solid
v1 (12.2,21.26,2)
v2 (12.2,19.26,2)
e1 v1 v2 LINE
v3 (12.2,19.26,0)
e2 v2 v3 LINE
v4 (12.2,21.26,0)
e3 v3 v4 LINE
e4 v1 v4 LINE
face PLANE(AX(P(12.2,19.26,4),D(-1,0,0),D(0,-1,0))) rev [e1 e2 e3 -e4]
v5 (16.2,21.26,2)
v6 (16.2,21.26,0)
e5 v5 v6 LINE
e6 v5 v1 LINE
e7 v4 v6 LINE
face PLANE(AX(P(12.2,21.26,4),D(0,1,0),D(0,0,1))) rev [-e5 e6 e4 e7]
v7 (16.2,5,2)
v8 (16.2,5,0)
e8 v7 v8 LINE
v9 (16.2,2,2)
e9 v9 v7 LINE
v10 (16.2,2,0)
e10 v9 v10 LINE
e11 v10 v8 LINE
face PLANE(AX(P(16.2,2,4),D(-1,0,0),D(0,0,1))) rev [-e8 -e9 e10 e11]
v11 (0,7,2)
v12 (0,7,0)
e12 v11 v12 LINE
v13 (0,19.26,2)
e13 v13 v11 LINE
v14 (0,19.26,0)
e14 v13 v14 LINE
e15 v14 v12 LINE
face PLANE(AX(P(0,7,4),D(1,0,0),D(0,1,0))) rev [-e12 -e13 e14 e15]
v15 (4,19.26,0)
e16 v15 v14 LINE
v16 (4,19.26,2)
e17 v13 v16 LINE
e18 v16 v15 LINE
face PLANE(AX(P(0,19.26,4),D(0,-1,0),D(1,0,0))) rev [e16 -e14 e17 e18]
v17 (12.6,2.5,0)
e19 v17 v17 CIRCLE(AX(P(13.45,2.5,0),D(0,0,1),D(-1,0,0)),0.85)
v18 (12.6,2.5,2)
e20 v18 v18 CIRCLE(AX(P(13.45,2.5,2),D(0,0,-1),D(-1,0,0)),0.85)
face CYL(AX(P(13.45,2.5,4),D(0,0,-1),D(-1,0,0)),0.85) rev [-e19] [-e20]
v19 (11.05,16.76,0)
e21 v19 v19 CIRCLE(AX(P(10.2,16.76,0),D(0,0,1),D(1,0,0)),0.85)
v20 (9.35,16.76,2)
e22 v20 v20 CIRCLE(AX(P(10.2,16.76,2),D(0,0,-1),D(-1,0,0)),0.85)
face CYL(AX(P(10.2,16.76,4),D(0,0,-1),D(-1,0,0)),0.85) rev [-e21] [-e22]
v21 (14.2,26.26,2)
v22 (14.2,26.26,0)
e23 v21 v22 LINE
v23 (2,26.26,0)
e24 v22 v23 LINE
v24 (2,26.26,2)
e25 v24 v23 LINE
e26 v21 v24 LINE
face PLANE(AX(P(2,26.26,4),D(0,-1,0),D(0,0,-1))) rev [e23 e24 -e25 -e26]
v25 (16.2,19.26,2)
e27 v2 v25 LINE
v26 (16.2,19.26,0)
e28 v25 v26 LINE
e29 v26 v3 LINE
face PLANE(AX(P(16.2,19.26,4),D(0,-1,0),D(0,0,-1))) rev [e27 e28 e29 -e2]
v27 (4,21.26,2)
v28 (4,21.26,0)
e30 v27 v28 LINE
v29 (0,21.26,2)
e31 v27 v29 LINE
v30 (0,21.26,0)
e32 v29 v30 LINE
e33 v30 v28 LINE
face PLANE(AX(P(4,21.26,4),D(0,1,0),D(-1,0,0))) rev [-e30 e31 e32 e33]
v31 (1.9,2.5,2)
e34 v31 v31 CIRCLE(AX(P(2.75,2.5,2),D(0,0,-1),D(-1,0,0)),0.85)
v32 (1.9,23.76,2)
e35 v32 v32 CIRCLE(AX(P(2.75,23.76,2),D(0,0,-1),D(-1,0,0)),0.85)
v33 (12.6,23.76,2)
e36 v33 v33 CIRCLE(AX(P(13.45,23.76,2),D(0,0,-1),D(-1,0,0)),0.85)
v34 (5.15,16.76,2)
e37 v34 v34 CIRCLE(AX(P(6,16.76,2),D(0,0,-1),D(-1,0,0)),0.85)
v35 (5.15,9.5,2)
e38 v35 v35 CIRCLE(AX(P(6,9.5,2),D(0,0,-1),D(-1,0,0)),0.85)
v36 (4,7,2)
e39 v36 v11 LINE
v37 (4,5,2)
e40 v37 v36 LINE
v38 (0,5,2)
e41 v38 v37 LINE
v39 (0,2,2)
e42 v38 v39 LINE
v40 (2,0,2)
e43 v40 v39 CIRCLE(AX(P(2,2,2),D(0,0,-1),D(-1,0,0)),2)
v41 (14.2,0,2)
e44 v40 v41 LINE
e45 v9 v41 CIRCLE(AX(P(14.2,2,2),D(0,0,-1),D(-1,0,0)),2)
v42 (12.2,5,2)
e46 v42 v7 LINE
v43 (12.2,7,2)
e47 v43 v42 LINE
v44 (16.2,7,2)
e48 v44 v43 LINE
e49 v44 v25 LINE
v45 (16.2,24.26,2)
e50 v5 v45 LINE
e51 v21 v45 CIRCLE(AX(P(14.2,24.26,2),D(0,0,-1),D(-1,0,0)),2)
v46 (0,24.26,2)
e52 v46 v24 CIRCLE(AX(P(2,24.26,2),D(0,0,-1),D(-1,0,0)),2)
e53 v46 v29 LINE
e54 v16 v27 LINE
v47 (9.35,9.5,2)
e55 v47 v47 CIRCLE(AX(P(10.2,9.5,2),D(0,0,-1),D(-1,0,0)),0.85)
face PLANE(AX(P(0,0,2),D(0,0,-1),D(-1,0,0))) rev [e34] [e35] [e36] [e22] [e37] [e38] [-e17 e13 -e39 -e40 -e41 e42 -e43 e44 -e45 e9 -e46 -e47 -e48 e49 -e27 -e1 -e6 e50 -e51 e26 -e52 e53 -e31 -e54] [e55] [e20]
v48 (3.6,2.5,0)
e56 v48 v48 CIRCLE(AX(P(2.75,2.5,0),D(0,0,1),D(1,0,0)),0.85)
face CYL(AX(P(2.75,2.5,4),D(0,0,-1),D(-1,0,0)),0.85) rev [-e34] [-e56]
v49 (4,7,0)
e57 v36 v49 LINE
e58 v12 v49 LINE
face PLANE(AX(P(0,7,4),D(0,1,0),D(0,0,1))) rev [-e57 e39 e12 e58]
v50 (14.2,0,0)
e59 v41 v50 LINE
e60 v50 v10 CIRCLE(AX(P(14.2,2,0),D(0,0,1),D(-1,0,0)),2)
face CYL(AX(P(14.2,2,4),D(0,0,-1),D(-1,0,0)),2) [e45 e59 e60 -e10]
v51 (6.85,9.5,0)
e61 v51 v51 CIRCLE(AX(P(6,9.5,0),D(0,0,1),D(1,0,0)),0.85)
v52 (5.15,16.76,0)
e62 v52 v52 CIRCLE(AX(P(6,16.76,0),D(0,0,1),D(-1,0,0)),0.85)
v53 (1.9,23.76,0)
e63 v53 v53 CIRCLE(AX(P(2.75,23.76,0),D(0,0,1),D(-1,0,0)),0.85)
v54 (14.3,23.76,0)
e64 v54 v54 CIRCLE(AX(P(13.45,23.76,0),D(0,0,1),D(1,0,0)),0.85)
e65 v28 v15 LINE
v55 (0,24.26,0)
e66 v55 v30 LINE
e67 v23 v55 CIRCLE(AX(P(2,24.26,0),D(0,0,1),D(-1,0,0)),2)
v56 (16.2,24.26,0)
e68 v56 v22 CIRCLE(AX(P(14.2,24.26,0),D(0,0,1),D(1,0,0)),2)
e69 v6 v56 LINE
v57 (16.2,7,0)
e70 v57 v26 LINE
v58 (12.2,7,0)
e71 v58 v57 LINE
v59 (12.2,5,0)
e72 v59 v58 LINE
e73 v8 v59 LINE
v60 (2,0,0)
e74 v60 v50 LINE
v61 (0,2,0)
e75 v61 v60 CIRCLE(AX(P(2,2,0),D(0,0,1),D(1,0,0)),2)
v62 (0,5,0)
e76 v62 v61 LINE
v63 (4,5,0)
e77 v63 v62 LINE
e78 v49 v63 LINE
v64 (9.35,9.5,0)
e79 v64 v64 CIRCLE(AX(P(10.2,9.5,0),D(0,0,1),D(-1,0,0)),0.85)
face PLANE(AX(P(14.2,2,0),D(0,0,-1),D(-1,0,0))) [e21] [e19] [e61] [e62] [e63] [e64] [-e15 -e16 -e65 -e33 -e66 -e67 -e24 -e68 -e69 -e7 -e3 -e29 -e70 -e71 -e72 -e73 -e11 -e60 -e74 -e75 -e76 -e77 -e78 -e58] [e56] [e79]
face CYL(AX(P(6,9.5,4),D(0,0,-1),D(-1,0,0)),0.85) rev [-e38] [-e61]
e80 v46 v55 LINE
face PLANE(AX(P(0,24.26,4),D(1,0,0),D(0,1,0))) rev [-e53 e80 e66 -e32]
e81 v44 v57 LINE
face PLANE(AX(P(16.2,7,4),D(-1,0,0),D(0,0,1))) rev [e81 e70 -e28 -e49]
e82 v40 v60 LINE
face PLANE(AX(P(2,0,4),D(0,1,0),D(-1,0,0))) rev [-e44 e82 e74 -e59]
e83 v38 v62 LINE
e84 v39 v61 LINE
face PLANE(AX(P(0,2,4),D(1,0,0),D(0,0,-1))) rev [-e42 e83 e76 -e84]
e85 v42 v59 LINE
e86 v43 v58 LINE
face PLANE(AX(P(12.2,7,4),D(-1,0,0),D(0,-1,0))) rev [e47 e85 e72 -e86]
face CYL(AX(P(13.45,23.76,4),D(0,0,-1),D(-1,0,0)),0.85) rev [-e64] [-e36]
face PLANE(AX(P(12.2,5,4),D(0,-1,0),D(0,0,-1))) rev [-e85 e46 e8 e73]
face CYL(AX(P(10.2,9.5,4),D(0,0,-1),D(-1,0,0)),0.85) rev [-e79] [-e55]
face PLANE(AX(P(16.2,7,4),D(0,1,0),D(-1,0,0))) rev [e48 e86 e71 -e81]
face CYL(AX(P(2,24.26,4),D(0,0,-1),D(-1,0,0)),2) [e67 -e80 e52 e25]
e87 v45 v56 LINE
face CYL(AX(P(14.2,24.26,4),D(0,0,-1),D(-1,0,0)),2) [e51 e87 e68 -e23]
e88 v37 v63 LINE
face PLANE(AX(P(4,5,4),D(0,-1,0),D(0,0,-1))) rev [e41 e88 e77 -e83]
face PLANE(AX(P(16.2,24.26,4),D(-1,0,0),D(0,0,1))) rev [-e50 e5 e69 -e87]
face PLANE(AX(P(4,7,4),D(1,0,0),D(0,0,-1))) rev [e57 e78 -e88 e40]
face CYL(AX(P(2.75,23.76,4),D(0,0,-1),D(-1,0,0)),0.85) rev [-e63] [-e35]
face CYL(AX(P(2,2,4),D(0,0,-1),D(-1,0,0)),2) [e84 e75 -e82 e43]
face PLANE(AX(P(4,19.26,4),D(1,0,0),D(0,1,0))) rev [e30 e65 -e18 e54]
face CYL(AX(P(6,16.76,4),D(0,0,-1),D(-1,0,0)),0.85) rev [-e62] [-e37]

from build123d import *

# Parameters (mm, degrees)
SKETCH2_R           = 0.85
BOSS_EXTRUDE1_DEPTH = 4
SKETCH3_W           = 16.2
SKETCH3_H           = 26.26
CUT_EXTRUDE1_DEPTH  = 2


with BuildPart() as part:
    # Sketch2 → Boss-Extrude1 (new body)
    with BuildSketch(Plane.XY):
        with BuildLine():
            Line((0, 7), (0, 19.26))
            Line((0, 19.26), (4, 19.26))
            Line((4, 19.26), (4, 21.26))
            Line((4, 21.26), (0, 21.26))
            Line((0, 21.26), (0, 24.26))
            ThreePointArc((0, 24.26), (0.585786438, 25.674213562), (2, 26.26))
            Line((2, 26.26), (14.2, 26.26))
            ThreePointArc((14.2, 26.26), (15.614213562, 25.674213562), (16.2, 24.26))
            Line((16.2, 24.26), (16.2, 21.26))
            Line((16.2, 21.26), (12.2, 21.26))
            Line((12.2, 21.26), (12.2, 19.26))
            Line((12.2, 19.26), (16.2, 19.26))
            Line((16.2, 19.26), (16.2, 7))
            Line((16.2, 7), (12.2, 7))
            Line((12.2, 7), (12.2, 5))
            Line((12.2, 5), (16.2, 5))
            Line((16.2, 5), (16.2, 2))
            ThreePointArc((16.2, 2), (15.614213562, 0.585786438), (14.2, 0))
            Line((14.2, 0), (2, 0))
            ThreePointArc((2, 0), (0.585786438, 0.585786438), (0, 2))
            Line((0, 2), (0, 5))
            Line((0, 5), (4, 5))
            Line((4, 5), (4, 7))
            Line((4, 7), (0, 7))
        make_face()
        with Locations((13.45, 2.5)):
            Circle(SKETCH2_R, mode=Mode.SUBTRACT)
        with Locations((10.2, 9.5)):
            Circle(SKETCH2_R, mode=Mode.SUBTRACT)
        with Locations((2.75, 23.76)):
            Circle(SKETCH2_R, mode=Mode.SUBTRACT)
        with Locations((6, 16.76)):
            Circle(SKETCH2_R, mode=Mode.SUBTRACT)
        with Locations((10.2, 16.76)):
            Circle(SKETCH2_R, mode=Mode.SUBTRACT)
        with Locations((13.45, 23.76)):
            Circle(SKETCH2_R, mode=Mode.SUBTRACT)
        with Locations((6, 9.5)):
            Circle(SKETCH2_R, mode=Mode.SUBTRACT)
        with Locations((2.75, 2.5)):
            Circle(SKETCH2_R, mode=Mode.SUBTRACT)
    extrude(amount=BOSS_EXTRUDE1_DEPTH)

    # Sketch3 → Cut-Extrude1 (cut)
    with BuildSketch(Plane.XY.offset(4)):
        with Locations((8.1, 13.13)):
            Rectangle(SKETCH3_W, SKETCH3_H)
    extrude(amount=-CUT_EXTRUDE1_DEPTH, mode=Mode.SUBTRACT)


solid = part.part
